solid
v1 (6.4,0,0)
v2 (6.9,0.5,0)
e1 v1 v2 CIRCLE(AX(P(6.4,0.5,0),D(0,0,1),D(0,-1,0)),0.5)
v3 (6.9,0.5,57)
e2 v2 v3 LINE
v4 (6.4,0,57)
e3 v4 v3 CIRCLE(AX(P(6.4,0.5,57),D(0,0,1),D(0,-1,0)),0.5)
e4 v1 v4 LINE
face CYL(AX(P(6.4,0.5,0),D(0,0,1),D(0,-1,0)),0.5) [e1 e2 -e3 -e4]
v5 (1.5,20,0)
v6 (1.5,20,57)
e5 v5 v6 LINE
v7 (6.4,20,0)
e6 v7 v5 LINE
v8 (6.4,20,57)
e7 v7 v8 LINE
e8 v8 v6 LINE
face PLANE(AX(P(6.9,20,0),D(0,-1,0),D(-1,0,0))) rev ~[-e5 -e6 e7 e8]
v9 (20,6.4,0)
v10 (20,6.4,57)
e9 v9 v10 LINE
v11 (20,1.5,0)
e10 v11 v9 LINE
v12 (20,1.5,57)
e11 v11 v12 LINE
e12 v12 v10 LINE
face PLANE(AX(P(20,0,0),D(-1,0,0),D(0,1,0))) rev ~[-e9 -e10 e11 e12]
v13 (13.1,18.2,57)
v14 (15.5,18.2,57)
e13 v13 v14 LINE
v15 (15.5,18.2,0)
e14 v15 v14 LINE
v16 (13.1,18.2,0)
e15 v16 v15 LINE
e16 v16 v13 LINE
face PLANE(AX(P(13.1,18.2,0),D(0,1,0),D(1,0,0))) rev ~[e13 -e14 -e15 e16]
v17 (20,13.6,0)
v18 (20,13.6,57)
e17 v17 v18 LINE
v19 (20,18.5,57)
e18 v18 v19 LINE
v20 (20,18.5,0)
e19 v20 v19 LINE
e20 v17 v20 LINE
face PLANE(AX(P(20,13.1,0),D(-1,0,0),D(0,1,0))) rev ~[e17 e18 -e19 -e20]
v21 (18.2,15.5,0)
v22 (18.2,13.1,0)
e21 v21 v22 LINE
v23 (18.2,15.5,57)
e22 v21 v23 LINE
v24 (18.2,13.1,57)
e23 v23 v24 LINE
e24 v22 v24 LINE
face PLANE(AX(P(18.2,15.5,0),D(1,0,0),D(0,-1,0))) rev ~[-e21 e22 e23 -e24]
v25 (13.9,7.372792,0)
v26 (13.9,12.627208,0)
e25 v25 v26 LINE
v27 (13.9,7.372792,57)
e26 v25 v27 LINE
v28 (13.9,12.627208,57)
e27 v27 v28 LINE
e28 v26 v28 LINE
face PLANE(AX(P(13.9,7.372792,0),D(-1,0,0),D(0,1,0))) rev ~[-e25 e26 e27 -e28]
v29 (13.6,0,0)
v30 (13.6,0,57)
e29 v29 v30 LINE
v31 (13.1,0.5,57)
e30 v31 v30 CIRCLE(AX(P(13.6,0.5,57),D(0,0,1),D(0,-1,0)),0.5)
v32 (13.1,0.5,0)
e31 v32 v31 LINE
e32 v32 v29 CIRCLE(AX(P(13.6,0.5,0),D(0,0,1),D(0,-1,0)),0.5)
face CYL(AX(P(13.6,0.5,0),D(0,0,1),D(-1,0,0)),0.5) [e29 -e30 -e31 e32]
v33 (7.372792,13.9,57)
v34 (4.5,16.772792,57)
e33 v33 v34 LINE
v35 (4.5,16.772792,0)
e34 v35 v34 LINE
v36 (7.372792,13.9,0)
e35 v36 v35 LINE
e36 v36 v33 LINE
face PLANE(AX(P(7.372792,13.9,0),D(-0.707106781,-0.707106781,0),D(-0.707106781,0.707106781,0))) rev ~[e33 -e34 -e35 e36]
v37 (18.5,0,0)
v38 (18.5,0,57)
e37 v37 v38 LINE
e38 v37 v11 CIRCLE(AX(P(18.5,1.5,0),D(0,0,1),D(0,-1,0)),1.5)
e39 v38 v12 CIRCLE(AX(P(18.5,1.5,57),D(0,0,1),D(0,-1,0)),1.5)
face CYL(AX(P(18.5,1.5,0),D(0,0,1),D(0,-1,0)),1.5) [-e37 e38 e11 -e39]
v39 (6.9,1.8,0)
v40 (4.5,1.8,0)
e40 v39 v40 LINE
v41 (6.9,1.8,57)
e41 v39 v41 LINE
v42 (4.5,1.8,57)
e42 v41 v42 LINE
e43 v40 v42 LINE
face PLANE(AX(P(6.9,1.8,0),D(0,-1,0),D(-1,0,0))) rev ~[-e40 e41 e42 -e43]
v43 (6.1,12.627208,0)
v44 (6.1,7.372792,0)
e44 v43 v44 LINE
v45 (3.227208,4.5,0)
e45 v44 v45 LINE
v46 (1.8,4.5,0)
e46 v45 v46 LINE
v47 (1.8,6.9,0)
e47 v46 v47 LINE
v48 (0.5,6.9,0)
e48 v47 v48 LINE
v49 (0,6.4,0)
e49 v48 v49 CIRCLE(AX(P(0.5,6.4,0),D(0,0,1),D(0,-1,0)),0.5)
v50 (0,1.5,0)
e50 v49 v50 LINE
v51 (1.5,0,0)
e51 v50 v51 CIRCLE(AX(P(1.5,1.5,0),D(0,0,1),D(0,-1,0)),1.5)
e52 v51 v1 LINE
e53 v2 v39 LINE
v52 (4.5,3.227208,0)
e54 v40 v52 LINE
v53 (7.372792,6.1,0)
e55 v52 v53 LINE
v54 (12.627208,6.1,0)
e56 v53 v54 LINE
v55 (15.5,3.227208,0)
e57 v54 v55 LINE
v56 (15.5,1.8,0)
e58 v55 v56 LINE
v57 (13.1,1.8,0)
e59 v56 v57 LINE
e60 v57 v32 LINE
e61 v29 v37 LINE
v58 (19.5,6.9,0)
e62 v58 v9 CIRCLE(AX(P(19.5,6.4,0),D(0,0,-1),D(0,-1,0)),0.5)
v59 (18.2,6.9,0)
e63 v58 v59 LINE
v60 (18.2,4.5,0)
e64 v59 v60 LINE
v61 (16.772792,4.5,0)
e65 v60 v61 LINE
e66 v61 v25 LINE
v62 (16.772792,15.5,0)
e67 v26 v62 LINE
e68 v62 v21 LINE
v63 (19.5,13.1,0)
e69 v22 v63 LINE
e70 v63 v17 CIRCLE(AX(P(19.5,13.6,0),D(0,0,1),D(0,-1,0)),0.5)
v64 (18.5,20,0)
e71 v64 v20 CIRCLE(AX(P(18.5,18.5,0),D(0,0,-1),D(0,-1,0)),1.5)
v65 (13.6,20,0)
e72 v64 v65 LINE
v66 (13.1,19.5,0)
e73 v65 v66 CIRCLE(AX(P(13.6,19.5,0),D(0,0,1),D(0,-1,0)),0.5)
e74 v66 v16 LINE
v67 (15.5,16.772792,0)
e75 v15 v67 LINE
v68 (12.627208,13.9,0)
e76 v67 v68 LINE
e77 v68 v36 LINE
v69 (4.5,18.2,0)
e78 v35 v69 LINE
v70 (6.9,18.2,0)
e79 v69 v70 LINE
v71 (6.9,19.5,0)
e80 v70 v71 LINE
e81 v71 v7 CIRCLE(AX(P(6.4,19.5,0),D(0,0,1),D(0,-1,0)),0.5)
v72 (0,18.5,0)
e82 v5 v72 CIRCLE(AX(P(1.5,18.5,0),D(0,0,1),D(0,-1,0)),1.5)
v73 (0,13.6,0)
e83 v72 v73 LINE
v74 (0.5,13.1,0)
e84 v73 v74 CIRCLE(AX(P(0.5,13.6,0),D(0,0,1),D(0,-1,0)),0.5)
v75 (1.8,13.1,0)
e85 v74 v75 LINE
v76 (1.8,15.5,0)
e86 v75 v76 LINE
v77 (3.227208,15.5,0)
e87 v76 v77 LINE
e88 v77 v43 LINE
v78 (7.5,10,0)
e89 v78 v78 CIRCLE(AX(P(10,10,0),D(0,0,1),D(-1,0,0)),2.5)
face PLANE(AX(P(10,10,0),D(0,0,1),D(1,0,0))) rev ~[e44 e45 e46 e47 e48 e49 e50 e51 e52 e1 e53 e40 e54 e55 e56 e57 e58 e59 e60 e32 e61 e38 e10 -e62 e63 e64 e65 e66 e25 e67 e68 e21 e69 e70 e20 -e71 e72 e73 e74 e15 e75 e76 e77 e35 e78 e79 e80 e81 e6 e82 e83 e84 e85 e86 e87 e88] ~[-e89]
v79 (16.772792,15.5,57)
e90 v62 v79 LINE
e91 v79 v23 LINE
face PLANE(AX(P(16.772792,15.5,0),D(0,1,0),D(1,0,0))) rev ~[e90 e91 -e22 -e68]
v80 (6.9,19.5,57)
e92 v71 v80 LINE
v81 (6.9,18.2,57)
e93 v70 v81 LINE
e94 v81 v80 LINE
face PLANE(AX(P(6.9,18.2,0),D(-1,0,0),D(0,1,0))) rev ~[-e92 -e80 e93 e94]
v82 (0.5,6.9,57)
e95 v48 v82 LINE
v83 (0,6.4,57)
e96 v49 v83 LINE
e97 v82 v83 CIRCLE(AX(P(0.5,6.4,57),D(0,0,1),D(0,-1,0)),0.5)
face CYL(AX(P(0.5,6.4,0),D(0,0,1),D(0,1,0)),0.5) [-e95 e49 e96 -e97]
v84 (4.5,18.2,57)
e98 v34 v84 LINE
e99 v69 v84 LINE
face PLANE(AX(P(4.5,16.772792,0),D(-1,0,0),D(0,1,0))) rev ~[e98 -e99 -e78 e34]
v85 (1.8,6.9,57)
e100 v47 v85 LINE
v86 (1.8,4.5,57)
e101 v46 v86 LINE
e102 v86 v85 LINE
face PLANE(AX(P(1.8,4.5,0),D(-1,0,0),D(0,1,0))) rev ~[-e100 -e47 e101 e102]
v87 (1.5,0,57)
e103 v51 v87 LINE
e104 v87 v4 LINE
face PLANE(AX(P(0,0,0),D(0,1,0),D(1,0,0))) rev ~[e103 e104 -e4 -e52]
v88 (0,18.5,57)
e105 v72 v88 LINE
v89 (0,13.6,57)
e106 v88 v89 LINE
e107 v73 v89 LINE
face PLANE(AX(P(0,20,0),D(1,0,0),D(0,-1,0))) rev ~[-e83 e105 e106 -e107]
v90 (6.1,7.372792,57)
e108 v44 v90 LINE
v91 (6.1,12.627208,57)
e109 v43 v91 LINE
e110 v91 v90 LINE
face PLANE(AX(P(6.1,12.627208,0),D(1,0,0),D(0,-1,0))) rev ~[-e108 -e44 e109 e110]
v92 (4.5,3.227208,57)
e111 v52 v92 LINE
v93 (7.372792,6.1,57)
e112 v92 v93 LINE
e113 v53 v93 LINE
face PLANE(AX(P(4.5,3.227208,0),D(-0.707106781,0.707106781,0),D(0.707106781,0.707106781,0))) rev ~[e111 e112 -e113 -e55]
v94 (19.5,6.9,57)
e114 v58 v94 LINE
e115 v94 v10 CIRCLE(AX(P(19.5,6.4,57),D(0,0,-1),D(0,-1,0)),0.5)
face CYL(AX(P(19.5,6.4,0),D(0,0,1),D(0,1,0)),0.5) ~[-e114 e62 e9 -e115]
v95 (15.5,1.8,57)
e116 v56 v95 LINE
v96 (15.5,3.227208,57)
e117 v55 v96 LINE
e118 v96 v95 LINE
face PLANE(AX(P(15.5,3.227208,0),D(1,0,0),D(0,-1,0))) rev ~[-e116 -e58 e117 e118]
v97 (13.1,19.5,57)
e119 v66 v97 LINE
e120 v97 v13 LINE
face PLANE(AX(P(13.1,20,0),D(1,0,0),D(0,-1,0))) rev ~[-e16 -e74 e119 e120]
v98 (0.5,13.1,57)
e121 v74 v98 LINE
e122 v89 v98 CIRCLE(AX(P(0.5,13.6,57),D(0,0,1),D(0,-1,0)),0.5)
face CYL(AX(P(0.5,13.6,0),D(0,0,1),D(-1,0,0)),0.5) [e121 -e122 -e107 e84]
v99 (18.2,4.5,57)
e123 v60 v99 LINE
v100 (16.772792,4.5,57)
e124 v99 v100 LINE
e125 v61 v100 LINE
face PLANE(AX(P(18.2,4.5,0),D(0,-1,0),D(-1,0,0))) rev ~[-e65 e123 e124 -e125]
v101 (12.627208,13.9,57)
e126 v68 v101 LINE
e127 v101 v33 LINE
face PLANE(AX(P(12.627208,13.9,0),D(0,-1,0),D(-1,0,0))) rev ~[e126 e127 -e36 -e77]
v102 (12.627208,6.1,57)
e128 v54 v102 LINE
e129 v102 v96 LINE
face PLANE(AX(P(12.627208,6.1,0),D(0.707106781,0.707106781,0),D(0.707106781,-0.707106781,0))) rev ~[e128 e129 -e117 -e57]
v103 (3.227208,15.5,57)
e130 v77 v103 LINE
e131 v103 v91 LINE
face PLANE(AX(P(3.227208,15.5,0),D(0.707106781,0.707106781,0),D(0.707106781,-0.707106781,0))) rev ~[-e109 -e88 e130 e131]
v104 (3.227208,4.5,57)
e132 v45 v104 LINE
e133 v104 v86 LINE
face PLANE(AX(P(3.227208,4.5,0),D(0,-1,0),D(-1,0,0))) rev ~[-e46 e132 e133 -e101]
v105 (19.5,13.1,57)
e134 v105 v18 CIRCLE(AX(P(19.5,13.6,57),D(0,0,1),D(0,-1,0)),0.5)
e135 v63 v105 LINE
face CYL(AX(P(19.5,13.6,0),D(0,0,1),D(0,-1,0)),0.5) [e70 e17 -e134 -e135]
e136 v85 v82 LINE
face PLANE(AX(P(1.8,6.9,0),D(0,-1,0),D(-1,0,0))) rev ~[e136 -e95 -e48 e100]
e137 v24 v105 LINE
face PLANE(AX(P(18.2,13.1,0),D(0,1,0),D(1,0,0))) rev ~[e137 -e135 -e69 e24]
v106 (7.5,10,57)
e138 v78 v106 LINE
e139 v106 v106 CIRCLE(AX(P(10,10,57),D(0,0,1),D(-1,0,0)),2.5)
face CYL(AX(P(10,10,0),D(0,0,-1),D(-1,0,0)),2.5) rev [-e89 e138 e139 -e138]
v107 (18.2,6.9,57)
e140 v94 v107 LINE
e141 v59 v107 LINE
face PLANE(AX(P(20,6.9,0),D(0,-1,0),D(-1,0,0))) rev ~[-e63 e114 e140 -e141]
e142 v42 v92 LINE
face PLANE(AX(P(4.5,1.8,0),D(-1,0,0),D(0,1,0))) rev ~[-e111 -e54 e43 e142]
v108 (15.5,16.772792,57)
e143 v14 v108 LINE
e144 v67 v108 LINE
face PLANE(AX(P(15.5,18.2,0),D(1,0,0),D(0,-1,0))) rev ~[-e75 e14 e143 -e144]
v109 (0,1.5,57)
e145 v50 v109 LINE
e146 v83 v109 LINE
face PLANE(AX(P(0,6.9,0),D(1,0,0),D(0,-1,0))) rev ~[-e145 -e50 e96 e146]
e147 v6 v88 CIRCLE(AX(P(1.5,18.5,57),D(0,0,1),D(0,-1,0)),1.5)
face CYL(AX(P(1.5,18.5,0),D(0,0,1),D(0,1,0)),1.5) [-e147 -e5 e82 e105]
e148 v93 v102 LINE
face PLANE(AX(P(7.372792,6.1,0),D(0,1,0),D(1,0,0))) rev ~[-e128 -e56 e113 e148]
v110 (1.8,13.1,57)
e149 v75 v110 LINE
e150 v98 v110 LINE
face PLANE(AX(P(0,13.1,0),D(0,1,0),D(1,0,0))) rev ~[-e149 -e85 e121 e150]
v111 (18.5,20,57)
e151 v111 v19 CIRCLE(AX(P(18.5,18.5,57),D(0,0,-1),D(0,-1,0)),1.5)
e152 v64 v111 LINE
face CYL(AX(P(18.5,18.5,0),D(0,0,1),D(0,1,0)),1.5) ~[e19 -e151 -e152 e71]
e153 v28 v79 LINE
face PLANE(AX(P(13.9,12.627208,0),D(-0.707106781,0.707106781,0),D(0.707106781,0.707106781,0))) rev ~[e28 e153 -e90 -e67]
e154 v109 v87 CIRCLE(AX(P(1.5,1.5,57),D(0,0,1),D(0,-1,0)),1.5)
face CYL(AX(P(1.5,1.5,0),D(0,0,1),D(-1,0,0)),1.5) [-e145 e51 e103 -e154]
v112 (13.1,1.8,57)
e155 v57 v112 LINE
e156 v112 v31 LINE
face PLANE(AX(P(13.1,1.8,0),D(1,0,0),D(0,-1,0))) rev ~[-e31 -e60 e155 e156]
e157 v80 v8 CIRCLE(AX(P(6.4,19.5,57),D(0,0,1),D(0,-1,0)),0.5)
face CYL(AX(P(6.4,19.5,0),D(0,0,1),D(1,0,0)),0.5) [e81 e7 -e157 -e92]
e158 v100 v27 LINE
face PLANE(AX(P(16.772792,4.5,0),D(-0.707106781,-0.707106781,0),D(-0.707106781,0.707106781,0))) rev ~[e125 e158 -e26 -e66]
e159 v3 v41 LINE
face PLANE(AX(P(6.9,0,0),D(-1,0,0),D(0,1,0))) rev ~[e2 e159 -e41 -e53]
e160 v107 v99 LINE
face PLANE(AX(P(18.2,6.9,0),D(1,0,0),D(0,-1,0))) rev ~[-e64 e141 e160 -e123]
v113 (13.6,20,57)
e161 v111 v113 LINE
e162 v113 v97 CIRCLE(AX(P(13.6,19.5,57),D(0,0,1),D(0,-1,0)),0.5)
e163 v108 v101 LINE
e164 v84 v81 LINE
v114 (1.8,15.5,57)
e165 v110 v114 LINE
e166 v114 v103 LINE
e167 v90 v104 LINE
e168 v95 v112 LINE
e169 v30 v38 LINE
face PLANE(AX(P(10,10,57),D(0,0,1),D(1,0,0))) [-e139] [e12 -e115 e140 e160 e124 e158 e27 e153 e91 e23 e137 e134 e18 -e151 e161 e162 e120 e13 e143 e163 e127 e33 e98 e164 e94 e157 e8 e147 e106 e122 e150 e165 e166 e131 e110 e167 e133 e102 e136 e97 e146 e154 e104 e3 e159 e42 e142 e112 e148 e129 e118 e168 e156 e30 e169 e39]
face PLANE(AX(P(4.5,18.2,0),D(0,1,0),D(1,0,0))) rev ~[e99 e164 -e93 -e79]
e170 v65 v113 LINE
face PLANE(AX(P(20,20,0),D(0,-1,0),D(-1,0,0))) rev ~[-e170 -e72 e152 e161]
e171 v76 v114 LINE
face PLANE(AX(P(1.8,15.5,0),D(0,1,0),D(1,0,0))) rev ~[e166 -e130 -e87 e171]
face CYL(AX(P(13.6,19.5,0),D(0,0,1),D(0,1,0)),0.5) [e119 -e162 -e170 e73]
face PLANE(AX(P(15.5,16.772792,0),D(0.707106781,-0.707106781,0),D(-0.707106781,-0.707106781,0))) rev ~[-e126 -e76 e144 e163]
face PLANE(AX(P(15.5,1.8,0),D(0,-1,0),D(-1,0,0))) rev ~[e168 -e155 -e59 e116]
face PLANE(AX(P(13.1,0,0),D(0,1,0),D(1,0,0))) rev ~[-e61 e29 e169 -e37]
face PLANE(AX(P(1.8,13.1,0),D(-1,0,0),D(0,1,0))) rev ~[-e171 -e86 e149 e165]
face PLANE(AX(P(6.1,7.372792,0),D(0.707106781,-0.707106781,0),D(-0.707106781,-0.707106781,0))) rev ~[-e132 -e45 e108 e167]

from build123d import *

# Parameters (mm, degrees)
SKETCH_1_R      = 2.5
EXTRUDE_1_DEPTH = 57
FILLET_1_R      = 1.5
FILLET_2_R      = 1.5
FILLET_3_R      = 1.5
FILLET_4_R      = 1.5
FILLET_5_R      = 0.5
FILLET_6_R      = 0.5
FILLET_7_R      = 0.5
FILLET_8_R      = 0.5
FILLET_9_R      = 0.5
FILLET_10_R     = 0.5
FILLET_11_R     = 0.5
FILLET_12_R     = 0.5


with BuildPart() as part:
    # 草图1 → 凸台-拉伸1 (new body)
    with BuildSketch(Plane.XY):
        Polygon((0, 6.9), (0, 0), (6.9, 0), (6.9, 1.8), (4.5, 1.8), (4.5, 3.227207794), (7.372792206, 6.1), (12.627207794, 6.1), (15.5, 3.227207794), (15.5, 1.8), (13.1, 1.8), (13.1, 0), (20, 0), (20, 6.9), (18.2, 6.9), (18.2, 4.5), (16.772792206, 4.5), (13.9, 7.372792206), (13.9, 12.627207794), (16.772792206, 15.5), (18.2, 15.5), (18.2, 13.1), (20, 13.1), (20, 20), (13.1, 20), (13.1, 18.2), (15.5, 18.2), (15.5, 16.772792206), (12.627207794, 13.9), (7.372792206, 13.9), (4.5, 16.772792206), (4.5, 18.2), (6.9, 18.2), (6.9, 20), (0, 20), (0, 13.1), (1.8, 13.1), (1.8, 15.5), (3.227207794, 15.5), (6.1, 12.627207794), (6.1, 7.372792206), (3.227207794, 4.5), (1.8, 4.5), (1.8, 6.9), align=None)
        with Locations(Location((10, 10, 0), (0, 0, 180))):
            Circle(SKETCH_1_R, mode=Mode.SUBTRACT)
    extrude(amount=EXTRUDE_1_DEPTH)

    # 圆角1
    fillet_1_edges = [part.edges().sort_by_distance(p)[0] for p in [
        (20, 20, 28.5),
    ]]
    fillet(fillet_1_edges, radius=FILLET_1_R)

    # 圆角2
    fillet_2_edges = [part.edges().sort_by_distance(p)[0] for p in [
        (0, 20, 28.5),
    ]]
    fillet(fillet_2_edges, radius=FILLET_2_R)

    # 圆角3
    fillet_3_edges = [part.edges().sort_by_distance(p)[0] for p in [
        (0, 0, 28.5),
    ]]
    fillet(fillet_3_edges, radius=FILLET_3_R)

    # 圆角4
    fillet_4_edges = [part.edges().sort_by_distance(p)[0] for p in [
        (20, 0, 28.5),
    ]]
    fillet(fillet_4_edges, radius=FILLET_4_R)

    # 圆角5
    fillet_5_edges = [part.edges().sort_by_distance(p)[0] for p in [
        (13.1, 20, 28.5),
    ]]
    fillet(fillet_5_edges, radius=FILLET_5_R)

    # 圆角6
    fillet_6_edges = [part.edges().sort_by_distance(p)[0] for p in [
        (6.9, 20, 28.5),
    ]]
    fillet(fillet_6_edges, radius=FILLET_6_R)

    # 圆角7
    fillet_7_edges = [part.edges().sort_by_distance(p)[0] for p in [
        (0, 13.1, 28.5),
    ]]
    fillet(fillet_7_edges, radius=FILLET_7_R)

    # 圆角8
    fillet_8_edges = [part.edges().sort_by_distance(p)[0] for p in [
        (0, 6.9, 28.5),
    ]]
    fillet(fillet_8_edges, radius=FILLET_8_R)

    # 圆角9
    fillet_9_edges = [part.edges().sort_by_distance(p)[0] for p in [
        (6.9, 0, 28.5),
    ]]
    fillet(fillet_9_edges, radius=FILLET_9_R)

    # 圆角10
    fillet_10_edges = [part.edges().sort_by_distance(p)[0] for p in [
        (13.1, 0, 28.5),
    ]]
    fillet(fillet_10_edges, radius=FILLET_10_R)

    # 圆角11
    fillet_11_edges = [part.edges().sort_by_distance(p)[0] for p in [
        (20, 13.1, 28.5),
    ]]
    fillet(fillet_11_edges, radius=FILLET_11_R)

    # 圆角12
    fillet_12_edges = [part.edges().sort_by_distance(p)[0] for p in [
        (20, 6.9, 28.5),
    ]]
    fillet(fillet_12_edges, radius=FILLET_12_R)


solid = part.part
